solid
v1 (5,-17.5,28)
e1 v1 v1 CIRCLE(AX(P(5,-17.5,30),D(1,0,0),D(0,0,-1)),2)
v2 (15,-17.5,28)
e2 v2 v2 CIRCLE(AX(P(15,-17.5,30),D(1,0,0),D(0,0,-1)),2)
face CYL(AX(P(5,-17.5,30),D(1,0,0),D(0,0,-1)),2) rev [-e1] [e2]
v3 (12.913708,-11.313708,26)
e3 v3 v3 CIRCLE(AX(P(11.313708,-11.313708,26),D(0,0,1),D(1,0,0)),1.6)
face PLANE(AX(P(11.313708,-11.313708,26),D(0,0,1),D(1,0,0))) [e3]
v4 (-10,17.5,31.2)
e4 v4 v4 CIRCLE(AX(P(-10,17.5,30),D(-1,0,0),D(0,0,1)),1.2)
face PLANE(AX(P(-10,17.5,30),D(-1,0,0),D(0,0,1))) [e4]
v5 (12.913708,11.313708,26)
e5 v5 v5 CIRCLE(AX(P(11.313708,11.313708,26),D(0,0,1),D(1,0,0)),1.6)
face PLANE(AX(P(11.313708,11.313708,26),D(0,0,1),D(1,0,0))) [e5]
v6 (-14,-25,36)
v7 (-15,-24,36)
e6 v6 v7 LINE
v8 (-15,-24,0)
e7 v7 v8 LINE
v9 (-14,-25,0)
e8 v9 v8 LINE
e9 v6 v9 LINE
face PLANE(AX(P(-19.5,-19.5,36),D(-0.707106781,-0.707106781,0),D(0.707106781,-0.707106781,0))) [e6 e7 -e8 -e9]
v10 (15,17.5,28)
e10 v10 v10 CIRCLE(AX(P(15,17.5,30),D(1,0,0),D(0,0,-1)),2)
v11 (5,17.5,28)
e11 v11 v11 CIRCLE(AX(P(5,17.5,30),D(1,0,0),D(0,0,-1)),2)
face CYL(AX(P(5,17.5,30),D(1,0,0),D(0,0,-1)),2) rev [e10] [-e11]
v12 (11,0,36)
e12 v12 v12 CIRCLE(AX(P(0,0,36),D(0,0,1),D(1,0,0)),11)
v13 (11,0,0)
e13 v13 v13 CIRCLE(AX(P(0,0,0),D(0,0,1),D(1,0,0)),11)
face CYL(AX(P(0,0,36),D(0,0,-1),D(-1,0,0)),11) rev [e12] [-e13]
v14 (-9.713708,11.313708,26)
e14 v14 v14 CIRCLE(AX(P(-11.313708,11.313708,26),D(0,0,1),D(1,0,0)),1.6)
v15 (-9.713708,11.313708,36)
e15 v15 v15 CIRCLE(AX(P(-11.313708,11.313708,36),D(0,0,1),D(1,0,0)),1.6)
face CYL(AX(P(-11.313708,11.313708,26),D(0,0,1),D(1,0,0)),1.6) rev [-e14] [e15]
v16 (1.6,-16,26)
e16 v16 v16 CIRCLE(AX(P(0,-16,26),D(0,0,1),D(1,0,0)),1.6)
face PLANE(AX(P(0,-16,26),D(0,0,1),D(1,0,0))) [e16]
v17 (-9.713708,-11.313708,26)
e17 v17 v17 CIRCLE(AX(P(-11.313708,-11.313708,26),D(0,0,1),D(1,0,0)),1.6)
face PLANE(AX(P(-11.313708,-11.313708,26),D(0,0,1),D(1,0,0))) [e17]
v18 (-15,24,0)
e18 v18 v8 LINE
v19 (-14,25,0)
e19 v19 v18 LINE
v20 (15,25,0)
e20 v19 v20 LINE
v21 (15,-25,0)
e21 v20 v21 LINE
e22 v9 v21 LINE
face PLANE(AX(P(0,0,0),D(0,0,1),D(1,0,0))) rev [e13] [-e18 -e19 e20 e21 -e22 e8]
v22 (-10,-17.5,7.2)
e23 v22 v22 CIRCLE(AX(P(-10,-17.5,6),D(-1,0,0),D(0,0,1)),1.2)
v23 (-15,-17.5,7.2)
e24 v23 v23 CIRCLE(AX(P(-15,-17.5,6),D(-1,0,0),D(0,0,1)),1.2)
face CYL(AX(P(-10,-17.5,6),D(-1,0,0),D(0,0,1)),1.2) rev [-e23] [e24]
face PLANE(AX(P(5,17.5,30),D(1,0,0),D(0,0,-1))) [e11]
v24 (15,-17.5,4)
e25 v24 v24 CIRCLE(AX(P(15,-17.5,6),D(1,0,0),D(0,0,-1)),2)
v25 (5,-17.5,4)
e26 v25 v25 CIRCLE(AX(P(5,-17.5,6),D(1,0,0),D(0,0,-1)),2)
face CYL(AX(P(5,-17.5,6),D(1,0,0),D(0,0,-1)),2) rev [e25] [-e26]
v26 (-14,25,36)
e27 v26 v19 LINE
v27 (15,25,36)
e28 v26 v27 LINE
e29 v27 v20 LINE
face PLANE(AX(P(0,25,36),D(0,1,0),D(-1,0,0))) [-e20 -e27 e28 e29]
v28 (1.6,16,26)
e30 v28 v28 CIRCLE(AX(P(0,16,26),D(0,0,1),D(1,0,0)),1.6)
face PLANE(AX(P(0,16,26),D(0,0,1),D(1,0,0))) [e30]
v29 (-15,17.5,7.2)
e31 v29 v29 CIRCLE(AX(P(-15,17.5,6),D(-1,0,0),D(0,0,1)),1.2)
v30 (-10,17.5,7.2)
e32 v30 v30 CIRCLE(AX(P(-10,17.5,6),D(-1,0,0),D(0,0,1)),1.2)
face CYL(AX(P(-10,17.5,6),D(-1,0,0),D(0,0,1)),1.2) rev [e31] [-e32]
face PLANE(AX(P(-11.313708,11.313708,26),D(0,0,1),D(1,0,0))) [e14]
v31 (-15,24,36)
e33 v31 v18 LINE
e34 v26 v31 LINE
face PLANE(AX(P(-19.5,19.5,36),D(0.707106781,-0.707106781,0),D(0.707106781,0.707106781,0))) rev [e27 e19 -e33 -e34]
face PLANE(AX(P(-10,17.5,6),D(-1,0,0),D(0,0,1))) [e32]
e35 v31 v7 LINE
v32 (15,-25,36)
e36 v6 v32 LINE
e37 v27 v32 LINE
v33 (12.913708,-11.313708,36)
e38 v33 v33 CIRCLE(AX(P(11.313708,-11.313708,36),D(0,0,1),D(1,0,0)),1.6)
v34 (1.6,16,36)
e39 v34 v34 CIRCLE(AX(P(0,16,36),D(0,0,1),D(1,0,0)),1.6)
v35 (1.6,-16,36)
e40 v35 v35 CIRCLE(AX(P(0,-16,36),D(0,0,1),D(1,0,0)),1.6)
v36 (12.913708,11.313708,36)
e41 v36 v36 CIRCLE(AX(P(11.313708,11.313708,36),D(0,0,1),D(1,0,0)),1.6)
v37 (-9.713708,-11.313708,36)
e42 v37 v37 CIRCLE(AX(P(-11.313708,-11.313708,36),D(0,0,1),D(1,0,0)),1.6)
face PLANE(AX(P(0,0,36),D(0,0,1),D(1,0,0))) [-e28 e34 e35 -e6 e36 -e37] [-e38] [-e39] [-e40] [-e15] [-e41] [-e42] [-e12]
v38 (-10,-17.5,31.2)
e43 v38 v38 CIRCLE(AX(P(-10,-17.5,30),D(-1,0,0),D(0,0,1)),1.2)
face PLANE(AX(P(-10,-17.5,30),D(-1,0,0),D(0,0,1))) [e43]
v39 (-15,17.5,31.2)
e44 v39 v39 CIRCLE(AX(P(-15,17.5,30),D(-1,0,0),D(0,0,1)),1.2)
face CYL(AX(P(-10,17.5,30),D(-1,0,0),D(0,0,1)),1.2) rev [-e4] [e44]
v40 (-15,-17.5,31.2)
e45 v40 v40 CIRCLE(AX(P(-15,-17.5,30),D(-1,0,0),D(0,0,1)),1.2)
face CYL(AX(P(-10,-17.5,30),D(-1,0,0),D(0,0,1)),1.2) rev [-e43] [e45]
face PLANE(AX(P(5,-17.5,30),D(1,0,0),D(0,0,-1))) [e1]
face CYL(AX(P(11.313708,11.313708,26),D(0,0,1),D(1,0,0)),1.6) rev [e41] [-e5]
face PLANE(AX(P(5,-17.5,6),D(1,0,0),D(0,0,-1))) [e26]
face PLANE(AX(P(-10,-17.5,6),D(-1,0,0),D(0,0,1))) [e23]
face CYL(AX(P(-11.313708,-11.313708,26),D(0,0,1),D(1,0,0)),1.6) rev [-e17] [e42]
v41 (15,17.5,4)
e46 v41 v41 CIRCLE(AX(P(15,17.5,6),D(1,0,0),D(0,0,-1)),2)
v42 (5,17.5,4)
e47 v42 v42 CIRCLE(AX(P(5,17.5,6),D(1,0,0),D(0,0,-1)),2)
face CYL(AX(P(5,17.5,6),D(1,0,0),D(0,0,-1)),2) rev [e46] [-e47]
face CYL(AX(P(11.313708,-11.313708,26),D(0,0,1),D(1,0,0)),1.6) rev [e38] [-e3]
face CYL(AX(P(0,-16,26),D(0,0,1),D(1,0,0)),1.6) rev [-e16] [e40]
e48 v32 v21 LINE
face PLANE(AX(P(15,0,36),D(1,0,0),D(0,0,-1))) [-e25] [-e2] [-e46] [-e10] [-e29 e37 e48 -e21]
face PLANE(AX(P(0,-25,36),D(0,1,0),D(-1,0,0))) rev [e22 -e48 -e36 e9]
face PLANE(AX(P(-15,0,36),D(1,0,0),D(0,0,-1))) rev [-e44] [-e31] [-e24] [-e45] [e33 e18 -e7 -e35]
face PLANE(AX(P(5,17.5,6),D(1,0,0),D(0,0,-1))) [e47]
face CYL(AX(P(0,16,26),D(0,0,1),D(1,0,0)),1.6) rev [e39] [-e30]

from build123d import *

# Parameters (mm, degrees)
SKETCH_4_R          = 11
EXTRUDE_2_DEPTH     = 36
SKETCH_5_R          = 1.6
CUT_EXTRUDE_2_DEPTH = 10
SKETCH_6_R          = 2
CUT_EXTRUDE_3_DEPTH = 10
SKETCH_9_R          = 1.2
CUT_EXTRUDE_5_DEPTH = 5


with BuildPart() as part:
    # 草图4 → 凸台-拉伸2 (new body)
    with BuildSketch(Plane.XY):
        Polygon((15, 25), (-14, 25), (-15, 24), (-15, -24), (-14, -25), (15, -25), align=None)
        Circle(SKETCH_4_R, mode=Mode.SUBTRACT)
    extrude(amount=EXTRUDE_2_DEPTH)

    # 草图5 → 切除-拉伸2 (cut)
    with BuildSketch(Plane.XY.offset(36)):
        with Locations((0, 16)):
            Circle(SKETCH_5_R)
        with Locations((11.313708499, 11.313708499)):
            Circle(SKETCH_5_R)
        with Locations((11.313708499, -11.313708499)):
            Circle(SKETCH_5_R)
        with Locations((0, -16)):
            Circle(SKETCH_5_R)
        with Locations((-11.313708499, -11.313708499)):
            Circle(SKETCH_5_R)
        with Locations((-11.313708499, 11.313708499)):
            Circle(SKETCH_5_R)
    extrude(amount=-CUT_EXTRUDE_2_DEPTH, mode=Mode.SUBTRACT)

    # 草图6 → 切除-拉伸3 (cut)
    with BuildSketch(Plane(origin=(15, 0, 0), x_dir=(0, 0, -1), z_dir=(1, 0, 0))):
        with Locations((-6, 17.5)):
            Circle(SKETCH_6_R)
        with Locations((-30, 17.5)):
            Circle(SKETCH_6_R)
        with Locations((-30, -17.5)):
            Circle(SKETCH_6_R)
        with Locations((-6, -17.5)):
            Circle(SKETCH_6_R)
    extrude(amount=-CUT_EXTRUDE_3_DEPTH, mode=Mode.SUBTRACT)

    # 草图9 → 切除-拉伸5 (cut)
    with BuildSketch(Plane.ZY.offset(15)):
        with Locations((6, 17.5)):
            Circle(SKETCH_9_R)
        with Locations((30, 17.5)):
            Circle(SKETCH_9_R)
        with Locations((6, -17.5)):
            Circle(SKETCH_9_R)
        with Locations((30, -17.5)):
            Circle(SKETCH_9_R)
    extrude(amount=-CUT_EXTRUDE_5_DEPTH, mode=Mode.SUBTRACT)


solid = part.part
